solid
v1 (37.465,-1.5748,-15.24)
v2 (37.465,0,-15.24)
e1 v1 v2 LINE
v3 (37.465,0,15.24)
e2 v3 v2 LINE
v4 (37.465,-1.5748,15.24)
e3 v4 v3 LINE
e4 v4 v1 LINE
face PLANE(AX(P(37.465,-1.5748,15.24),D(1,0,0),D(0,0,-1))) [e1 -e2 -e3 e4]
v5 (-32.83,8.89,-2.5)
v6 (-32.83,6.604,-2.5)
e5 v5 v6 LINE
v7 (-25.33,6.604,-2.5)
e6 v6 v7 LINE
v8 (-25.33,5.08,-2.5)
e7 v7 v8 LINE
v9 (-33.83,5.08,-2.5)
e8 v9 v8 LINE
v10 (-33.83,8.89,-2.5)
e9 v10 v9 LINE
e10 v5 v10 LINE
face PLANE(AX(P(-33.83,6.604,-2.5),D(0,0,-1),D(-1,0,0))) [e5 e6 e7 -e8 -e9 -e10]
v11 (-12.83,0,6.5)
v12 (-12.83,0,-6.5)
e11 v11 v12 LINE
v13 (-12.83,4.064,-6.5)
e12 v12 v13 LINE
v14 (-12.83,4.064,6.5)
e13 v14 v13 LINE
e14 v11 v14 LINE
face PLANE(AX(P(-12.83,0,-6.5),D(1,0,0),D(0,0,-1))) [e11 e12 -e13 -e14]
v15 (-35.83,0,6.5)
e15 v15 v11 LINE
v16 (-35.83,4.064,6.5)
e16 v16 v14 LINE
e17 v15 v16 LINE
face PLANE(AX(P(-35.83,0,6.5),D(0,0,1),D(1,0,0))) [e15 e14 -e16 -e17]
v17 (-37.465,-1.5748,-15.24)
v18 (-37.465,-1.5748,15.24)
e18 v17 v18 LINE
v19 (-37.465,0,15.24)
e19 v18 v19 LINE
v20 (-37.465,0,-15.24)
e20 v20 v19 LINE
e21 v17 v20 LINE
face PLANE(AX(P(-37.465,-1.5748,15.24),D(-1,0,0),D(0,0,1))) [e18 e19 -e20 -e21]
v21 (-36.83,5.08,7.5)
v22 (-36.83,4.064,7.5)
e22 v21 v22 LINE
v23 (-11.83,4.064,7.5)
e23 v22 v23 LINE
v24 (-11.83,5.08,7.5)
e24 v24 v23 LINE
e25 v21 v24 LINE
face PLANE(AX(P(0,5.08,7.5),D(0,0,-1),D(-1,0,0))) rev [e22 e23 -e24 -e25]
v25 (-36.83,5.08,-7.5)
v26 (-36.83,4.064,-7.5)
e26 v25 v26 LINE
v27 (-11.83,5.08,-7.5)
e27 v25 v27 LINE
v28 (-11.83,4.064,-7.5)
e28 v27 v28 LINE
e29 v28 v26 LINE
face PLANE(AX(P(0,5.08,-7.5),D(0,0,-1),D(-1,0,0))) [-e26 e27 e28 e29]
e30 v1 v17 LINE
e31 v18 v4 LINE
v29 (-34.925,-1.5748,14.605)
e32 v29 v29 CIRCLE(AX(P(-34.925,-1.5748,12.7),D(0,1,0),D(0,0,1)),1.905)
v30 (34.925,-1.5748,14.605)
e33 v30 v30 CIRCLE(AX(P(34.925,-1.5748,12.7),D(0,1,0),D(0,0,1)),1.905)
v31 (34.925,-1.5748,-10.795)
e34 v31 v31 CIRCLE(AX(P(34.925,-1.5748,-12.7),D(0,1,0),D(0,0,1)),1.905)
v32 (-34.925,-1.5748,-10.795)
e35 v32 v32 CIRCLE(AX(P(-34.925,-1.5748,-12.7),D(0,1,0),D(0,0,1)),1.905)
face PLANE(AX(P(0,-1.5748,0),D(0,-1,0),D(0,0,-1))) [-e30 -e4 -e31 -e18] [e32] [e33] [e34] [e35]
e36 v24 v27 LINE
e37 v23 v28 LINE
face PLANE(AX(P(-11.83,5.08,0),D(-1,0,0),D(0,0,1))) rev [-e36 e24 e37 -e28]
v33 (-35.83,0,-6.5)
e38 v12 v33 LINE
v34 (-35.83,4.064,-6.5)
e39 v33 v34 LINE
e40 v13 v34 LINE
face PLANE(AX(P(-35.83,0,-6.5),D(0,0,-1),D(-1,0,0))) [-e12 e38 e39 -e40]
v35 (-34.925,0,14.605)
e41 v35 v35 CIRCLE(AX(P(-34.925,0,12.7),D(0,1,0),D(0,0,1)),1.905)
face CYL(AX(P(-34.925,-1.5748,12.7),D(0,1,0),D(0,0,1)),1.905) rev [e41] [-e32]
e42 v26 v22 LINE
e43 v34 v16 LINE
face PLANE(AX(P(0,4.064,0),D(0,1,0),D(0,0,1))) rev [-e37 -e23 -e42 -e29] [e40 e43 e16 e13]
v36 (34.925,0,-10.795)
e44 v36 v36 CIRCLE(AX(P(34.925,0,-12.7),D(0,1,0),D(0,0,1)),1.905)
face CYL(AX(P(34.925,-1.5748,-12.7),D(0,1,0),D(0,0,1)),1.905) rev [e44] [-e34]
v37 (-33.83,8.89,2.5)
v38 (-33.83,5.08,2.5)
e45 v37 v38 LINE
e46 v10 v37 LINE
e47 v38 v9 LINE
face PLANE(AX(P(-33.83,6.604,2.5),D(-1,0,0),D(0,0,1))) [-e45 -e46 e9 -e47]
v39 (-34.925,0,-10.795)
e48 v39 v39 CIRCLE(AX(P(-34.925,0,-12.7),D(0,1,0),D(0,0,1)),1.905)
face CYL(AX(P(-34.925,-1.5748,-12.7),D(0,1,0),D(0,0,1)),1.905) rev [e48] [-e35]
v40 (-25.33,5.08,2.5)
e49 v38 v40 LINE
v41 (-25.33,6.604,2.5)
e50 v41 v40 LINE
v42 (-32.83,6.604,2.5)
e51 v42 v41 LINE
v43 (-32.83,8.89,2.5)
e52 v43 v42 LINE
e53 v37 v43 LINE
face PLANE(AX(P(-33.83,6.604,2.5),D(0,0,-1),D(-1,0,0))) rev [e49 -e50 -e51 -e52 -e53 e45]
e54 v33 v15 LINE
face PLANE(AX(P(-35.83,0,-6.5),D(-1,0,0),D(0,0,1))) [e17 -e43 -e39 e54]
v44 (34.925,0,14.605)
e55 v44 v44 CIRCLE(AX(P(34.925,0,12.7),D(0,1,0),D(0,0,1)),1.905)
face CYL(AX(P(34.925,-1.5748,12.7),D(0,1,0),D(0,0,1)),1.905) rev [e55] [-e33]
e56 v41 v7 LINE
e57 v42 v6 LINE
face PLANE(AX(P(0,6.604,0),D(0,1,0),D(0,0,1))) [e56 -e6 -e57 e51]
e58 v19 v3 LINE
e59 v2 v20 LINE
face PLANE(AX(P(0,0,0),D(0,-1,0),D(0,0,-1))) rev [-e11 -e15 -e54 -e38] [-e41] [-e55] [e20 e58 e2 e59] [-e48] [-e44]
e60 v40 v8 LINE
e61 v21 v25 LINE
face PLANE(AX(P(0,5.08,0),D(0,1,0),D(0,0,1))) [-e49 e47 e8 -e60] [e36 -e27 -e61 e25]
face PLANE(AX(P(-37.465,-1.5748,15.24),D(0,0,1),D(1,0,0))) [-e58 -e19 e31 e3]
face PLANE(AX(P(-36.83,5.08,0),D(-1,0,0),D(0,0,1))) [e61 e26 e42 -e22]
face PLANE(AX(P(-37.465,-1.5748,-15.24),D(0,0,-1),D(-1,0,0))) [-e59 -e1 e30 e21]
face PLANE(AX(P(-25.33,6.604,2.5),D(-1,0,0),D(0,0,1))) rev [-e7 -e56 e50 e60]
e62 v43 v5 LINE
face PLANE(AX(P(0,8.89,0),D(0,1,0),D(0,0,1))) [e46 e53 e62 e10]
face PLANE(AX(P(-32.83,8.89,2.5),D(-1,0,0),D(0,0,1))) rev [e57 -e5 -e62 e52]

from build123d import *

# Parameters (mm, degrees)
SKETCH1_W           = 74.93
SKETCH1_H           = 30.48
SKETCH1_R           = 1.905
BOSS_EXTRUDE1_DEPTH = 1.5748
SKETCH2_W           = 25
SKETCH2_H           = 7.5
BOSS_EXTRUDE2_DEPTH = 5.08
CUT_EXTRUDE1_START  = -1.016
SKETCH3_W           = 25
SKETCH3_H           = 15
SKETCH3_W_2         = 23
SKETCH3_H_2         = 13
CUT_EXTRUDE1_DEPTH  = 4.064
SKETCH4_W           = 8.5
SKETCH4_H           = 5
BOSS_EXTRUDE3_DEPTH = 1.524
SKETCH5_W           = 1
SKETCH5_H           = 5
BOSS_EXTRUDE4_DEPTH = 2.286


with BuildPart() as part:
    # Sketch1 → Boss-Extrude1 (new body)
    with BuildSketch(Plane(origin=(0, 0, 0), x_dir=(1, 0, 0), z_dir=(0, 1, 0))):
        Rectangle(SKETCH1_W, SKETCH1_H)
        with Locations((-34.925, 12.7)):
            Circle(SKETCH1_R, mode=Mode.SUBTRACT)
        with Locations((34.925, 12.7)):
            Circle(SKETCH1_R, mode=Mode.SUBTRACT)
        with Locations((-34.925, -12.7)):
            Circle(SKETCH1_R, mode=Mode.SUBTRACT)
        with Locations((34.925, -12.7)):
            Circle(SKETCH1_R, mode=Mode.SUBTRACT)
    extrude(amount=-BOSS_EXTRUDE1_DEPTH)

    # Sketch2 → Boss-Extrude2 (add)
    with BuildSketch(Plane(origin=(0, 0, 0), x_dir=(1, 0, 0), z_dir=(0, 1, 0))):
        with Locations((-24.33, 3.75)):
            Rectangle(SKETCH2_W, SKETCH2_H)
        with Locations((-24.33, -3.75)):
            Rectangle(SKETCH2_W, SKETCH2_H)
    extrude(amount=BOSS_EXTRUDE2_DEPTH)

    # Sketch3 → Cut-Extrude1 (cut)
    with BuildSketch(Plane(origin=(0, 5.08, 0), x_dir=(1, 0, 0), z_dir=(0, 1, 0)).offset(CUT_EXTRUDE1_START)):
        with Locations((-24.33, 0)):
            Rectangle(SKETCH3_W, SKETCH3_H)
        with Locations((-24.33, 0)):
            Rectangle(SKETCH3_W_2, SKETCH3_H_2, mode=Mode.SUBTRACT)
    extrude(amount=-CUT_EXTRUDE1_DEPTH, mode=Mode.SUBTRACT)

    # Sketch4 → Boss-Extrude3 (add)
    with BuildSketch(Plane(origin=(0, 5.08, 0), x_dir=(1, 0, 0), z_dir=(0, 1, 0))):
        with Locations((-29.58, 0)):
            Rectangle(SKETCH4_W, SKETCH4_H)
    extrude(amount=BOSS_EXTRUDE3_DEPTH)

    # Sketch5 → Boss-Extrude4 (add)
    with BuildSketch(Plane(origin=(0, 6.604, 0), x_dir=(1, 0, 0), z_dir=(0, 1, 0))):
        with Locations((-33.33, 0)):
            Rectangle(SKETCH5_W, SKETCH5_H)
    extrude(amount=BOSS_EXTRUDE4_DEPTH)


solid = part.part
